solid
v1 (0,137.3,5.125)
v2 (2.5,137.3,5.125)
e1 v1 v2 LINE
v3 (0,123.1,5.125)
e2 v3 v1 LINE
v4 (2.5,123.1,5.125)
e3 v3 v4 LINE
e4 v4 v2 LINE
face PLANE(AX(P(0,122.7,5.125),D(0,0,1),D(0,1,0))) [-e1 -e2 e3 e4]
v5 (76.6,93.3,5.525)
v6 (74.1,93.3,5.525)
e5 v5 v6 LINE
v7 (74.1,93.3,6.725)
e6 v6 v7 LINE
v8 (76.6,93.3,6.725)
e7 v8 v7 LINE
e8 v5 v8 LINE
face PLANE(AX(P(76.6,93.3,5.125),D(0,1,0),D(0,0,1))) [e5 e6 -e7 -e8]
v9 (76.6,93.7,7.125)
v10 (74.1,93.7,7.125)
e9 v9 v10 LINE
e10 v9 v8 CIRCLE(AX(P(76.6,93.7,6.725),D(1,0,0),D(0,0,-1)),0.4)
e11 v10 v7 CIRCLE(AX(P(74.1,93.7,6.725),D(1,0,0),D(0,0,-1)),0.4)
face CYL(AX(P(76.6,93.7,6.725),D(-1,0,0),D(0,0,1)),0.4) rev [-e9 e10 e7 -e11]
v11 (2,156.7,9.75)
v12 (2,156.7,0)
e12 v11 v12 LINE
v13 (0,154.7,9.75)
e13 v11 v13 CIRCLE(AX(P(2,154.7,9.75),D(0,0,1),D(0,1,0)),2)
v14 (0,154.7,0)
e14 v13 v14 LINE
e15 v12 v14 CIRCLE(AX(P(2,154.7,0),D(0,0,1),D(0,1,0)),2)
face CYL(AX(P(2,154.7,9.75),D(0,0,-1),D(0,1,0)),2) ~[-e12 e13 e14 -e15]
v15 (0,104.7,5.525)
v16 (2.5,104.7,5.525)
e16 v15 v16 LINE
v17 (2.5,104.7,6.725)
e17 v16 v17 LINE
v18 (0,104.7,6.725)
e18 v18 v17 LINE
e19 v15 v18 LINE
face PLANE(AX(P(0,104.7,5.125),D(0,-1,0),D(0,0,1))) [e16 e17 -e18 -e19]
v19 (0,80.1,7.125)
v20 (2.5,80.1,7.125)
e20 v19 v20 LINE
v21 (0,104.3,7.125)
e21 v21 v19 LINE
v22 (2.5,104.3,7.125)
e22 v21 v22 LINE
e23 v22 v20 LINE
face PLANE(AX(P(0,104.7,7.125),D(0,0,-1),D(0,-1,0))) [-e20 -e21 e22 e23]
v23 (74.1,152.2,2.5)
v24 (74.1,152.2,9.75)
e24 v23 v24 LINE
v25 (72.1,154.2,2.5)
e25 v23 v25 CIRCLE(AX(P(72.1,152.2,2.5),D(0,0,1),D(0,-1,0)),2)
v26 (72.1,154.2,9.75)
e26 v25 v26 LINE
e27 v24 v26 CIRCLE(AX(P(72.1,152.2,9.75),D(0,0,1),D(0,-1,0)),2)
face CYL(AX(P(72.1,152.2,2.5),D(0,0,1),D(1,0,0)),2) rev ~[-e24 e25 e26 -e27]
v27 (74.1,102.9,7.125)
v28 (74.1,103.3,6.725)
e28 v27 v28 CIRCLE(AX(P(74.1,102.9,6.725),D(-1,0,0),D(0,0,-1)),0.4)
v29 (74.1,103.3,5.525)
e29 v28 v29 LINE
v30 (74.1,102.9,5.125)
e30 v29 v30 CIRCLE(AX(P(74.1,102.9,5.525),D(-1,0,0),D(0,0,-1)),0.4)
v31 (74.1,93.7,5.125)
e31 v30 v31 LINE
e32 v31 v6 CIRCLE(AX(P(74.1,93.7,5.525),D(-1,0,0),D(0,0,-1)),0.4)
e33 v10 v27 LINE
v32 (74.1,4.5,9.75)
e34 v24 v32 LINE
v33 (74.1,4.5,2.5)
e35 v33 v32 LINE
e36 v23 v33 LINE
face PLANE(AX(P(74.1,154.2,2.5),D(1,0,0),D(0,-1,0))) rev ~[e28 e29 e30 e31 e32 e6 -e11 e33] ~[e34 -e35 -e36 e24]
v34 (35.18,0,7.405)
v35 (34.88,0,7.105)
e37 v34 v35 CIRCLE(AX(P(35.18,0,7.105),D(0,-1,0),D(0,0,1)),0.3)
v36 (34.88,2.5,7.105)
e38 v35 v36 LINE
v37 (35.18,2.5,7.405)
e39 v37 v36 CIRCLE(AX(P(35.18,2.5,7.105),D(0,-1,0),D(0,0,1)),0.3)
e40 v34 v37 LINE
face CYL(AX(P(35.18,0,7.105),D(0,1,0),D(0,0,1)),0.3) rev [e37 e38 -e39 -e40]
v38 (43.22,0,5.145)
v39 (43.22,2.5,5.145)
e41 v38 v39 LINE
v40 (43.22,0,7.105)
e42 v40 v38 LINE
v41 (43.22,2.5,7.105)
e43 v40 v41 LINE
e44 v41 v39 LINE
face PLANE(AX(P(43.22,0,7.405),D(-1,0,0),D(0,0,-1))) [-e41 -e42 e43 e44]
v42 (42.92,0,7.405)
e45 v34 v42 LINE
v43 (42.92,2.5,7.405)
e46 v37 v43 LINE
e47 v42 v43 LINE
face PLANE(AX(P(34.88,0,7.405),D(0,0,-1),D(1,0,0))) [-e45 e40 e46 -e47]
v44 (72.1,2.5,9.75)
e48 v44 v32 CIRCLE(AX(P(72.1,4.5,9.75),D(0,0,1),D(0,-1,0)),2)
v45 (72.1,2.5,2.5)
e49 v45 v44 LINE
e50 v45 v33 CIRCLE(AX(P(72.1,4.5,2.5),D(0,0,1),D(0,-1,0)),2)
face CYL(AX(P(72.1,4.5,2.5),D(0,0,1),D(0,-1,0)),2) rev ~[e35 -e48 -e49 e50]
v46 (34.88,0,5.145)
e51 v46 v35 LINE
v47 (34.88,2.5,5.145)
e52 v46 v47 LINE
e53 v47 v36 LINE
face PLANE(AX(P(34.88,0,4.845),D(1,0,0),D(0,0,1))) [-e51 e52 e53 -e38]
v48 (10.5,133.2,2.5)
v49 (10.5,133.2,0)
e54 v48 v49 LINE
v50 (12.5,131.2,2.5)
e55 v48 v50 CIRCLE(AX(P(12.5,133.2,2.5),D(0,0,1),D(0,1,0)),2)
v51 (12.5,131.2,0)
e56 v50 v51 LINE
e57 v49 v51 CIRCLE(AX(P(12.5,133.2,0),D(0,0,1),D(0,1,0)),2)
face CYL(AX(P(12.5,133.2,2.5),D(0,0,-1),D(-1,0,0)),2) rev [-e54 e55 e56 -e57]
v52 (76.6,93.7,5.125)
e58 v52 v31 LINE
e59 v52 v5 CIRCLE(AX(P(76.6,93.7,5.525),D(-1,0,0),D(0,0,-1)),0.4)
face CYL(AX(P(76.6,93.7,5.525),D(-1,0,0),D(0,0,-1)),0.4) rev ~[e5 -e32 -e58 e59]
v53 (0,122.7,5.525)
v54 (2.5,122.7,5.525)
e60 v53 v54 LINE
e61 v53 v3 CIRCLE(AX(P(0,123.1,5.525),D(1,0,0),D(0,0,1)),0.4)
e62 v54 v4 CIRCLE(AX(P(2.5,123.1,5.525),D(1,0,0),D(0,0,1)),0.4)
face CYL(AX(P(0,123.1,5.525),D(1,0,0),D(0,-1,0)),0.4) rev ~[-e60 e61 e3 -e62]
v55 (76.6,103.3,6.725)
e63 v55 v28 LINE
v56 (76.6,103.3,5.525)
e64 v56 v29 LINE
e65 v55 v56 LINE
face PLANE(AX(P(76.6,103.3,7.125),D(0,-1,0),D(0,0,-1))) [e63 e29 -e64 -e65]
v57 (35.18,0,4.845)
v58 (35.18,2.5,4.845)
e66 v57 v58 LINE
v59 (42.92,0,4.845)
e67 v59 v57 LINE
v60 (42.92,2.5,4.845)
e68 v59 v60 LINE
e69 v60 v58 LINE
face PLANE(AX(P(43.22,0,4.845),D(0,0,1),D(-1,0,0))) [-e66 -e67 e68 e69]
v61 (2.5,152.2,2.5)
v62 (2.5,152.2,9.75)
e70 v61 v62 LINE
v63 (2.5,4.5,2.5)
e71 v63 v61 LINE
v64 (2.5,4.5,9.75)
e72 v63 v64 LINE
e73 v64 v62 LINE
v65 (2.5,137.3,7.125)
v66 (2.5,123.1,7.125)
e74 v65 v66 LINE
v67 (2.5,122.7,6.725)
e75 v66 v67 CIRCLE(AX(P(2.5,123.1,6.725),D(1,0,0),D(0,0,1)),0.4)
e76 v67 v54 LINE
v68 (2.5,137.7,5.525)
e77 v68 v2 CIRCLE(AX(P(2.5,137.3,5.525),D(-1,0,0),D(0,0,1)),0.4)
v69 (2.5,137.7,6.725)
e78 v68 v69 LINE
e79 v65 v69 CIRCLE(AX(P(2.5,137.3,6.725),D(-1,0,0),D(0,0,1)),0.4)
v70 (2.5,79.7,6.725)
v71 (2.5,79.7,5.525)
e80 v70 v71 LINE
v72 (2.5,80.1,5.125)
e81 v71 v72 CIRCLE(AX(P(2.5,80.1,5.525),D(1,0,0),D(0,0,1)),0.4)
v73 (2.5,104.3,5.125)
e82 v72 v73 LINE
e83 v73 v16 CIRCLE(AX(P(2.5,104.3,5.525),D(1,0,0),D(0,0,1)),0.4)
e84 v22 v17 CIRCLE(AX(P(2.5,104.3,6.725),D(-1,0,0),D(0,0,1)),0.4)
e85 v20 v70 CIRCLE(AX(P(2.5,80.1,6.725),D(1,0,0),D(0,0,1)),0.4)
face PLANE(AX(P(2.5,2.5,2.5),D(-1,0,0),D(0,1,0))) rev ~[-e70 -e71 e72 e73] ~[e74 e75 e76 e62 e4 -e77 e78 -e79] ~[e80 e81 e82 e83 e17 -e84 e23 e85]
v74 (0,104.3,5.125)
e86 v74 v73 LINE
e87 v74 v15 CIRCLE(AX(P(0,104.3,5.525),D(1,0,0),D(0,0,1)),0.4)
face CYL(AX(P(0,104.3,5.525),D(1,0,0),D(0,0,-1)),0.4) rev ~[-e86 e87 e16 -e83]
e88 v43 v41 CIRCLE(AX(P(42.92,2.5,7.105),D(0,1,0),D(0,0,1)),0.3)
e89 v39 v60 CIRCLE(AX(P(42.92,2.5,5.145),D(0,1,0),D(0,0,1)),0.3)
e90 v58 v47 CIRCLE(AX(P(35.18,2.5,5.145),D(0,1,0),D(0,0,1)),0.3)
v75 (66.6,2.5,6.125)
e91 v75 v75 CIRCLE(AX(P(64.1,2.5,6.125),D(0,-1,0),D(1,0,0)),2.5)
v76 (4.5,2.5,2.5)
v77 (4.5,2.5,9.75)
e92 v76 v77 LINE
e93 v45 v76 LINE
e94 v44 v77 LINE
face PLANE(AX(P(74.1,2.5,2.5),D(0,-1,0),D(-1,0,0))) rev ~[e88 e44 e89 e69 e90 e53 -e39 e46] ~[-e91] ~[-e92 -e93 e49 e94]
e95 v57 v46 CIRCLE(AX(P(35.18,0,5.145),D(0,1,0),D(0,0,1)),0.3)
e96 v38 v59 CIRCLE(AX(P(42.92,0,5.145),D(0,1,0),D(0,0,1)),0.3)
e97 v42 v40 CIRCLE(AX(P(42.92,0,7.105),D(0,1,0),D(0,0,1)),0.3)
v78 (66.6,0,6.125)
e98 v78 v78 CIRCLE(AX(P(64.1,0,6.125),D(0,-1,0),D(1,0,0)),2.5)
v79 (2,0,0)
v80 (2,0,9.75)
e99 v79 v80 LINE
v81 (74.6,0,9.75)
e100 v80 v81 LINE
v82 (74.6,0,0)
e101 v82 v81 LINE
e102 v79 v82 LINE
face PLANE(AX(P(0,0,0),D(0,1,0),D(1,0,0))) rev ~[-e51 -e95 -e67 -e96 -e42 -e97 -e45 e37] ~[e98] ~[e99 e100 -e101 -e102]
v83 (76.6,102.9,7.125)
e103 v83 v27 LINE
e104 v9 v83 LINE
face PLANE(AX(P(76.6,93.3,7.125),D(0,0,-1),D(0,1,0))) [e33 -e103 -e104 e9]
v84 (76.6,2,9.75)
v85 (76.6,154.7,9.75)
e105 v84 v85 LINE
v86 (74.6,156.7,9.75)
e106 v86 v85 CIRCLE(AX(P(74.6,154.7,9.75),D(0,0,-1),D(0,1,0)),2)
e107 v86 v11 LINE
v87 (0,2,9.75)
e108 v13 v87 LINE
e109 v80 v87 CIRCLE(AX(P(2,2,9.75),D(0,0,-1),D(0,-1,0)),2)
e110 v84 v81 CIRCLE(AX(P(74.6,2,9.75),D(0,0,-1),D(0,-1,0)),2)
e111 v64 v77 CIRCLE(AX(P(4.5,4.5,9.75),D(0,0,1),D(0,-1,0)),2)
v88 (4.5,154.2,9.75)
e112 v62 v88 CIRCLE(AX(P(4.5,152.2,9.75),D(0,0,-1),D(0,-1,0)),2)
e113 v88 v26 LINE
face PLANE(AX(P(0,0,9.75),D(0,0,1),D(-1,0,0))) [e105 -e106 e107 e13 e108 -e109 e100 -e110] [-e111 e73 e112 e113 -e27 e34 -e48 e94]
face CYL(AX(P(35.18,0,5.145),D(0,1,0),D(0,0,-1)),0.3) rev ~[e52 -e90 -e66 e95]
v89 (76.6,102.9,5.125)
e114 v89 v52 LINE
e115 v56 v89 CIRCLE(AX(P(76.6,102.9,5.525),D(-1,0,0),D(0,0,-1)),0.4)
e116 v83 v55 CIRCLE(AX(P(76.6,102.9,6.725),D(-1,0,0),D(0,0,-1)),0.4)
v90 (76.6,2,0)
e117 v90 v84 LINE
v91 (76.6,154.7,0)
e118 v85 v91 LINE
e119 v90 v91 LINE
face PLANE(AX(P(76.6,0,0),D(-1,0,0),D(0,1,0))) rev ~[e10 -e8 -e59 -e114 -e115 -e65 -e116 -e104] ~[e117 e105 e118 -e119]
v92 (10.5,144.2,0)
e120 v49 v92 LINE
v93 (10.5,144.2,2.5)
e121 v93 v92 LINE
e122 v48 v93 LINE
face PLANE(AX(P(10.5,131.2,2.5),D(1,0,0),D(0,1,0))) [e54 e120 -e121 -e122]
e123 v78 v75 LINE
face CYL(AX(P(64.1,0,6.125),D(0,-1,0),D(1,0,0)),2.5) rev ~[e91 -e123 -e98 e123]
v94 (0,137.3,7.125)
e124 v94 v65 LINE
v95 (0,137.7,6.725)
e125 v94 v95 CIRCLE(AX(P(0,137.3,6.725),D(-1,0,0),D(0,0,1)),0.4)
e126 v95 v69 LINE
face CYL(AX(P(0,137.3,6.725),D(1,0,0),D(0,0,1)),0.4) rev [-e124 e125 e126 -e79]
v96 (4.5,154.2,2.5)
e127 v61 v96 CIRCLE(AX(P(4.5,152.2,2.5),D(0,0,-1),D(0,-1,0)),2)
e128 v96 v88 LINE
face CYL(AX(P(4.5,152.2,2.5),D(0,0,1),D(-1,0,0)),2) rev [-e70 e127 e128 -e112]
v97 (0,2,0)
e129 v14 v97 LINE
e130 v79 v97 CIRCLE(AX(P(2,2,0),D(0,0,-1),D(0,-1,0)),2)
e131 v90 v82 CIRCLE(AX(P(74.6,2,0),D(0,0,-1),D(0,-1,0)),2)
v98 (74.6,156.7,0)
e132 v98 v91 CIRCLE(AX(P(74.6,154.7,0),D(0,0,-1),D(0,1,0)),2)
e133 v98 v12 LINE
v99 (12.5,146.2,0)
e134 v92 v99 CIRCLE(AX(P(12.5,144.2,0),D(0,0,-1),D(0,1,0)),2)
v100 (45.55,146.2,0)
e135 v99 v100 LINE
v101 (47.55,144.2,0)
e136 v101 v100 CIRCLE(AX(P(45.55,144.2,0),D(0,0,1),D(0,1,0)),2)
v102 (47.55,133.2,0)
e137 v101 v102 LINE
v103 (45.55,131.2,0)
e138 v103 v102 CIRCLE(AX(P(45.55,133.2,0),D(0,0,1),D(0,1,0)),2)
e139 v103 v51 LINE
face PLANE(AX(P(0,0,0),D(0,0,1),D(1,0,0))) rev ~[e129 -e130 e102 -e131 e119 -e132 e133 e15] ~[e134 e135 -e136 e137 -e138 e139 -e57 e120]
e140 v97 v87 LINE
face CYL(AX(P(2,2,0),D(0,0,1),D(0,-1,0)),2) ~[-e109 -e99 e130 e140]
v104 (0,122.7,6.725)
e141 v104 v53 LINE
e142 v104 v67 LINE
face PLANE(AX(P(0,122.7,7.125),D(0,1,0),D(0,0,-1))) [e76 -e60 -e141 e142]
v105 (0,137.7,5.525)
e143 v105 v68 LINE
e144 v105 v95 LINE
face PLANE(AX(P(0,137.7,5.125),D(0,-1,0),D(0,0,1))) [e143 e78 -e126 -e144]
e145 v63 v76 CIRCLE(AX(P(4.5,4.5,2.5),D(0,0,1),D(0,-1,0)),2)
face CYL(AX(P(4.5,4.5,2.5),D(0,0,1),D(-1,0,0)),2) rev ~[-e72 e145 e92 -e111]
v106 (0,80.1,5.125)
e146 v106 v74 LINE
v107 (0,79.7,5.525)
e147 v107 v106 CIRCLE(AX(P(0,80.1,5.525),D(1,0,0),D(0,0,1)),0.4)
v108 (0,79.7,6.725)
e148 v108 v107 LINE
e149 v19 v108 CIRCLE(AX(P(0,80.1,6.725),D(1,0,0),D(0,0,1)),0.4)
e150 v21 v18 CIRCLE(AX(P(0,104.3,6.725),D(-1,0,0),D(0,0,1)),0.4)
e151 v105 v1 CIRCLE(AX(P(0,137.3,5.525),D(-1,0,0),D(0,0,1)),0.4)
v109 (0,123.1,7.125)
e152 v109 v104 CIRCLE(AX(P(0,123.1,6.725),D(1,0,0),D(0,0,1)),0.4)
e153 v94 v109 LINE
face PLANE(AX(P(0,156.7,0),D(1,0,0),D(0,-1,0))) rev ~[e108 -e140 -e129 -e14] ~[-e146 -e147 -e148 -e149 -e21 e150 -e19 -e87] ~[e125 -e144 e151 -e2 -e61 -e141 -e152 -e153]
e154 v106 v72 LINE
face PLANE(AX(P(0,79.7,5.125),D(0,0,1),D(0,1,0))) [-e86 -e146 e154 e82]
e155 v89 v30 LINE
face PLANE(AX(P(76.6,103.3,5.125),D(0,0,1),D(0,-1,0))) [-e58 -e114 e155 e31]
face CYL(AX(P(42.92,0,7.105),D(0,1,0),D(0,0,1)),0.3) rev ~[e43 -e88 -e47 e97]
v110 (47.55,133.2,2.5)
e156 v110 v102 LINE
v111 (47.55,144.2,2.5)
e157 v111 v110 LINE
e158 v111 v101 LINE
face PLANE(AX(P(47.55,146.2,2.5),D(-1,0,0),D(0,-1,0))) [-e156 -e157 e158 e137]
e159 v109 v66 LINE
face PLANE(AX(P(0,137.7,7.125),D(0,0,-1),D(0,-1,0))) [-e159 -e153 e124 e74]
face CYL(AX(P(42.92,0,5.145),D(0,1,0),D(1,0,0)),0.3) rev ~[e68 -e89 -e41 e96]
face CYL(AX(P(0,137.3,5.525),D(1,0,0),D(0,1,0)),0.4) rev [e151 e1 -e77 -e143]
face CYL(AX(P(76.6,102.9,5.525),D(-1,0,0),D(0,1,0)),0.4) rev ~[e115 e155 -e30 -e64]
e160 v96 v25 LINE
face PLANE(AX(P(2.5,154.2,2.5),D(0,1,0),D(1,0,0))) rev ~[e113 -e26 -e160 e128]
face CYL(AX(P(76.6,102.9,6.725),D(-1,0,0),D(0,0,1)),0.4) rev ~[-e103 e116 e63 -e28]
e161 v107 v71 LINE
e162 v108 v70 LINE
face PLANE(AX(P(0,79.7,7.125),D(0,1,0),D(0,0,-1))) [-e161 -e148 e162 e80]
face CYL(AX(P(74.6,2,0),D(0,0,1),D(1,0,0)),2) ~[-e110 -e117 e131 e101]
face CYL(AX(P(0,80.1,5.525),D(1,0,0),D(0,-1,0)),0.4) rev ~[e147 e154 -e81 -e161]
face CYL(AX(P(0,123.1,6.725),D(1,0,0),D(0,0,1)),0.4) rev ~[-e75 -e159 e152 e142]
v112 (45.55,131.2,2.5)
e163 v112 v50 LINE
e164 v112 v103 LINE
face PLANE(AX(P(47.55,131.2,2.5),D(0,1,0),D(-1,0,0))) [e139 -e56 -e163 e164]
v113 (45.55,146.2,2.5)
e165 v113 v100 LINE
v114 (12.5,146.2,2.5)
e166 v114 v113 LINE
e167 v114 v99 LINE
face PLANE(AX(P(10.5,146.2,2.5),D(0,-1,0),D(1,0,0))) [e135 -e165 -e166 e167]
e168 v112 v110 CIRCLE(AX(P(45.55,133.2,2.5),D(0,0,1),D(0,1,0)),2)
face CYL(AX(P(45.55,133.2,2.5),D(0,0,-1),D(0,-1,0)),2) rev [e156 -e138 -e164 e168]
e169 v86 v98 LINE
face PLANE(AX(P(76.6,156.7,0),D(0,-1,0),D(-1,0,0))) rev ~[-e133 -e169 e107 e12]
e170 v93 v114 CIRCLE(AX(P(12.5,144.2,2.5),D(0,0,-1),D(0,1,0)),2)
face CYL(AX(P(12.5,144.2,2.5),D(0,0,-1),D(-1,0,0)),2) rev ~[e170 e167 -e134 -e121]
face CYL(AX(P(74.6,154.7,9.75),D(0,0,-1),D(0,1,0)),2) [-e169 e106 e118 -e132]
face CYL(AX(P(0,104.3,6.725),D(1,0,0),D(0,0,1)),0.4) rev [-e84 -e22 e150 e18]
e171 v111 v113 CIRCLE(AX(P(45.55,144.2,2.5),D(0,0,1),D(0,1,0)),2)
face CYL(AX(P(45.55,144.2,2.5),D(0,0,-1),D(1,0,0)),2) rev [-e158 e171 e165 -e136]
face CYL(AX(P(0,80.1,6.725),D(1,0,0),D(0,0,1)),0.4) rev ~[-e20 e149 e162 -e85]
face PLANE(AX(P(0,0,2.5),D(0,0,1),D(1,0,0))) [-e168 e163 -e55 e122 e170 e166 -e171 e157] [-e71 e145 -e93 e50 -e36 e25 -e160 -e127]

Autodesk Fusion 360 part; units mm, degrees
sketch "Sketch1" plane through (0, 0, 0) normal (0, 0, 1) x (1, 0, 0)
  line L0 (0, 0) -> (76.6, 0)
  line L1 (76.6, 0) -> (76.6, 156.7)
  line L2 (76.6, 156.7) -> (0, 156.7)
  line L3 (0, 156.7) -> (0, 0)
  dimension "d5" = 76.6
  dimension "d6" = 156.7
extrude "Extrude1" add sketch "Sketch1" along normal blind 2.5
sketch "Sketch2" plane through (0, 0, 2.5) normal (0, 0, 1) x (-1, 0, 0)
  line L0 (0, -156.7) -> (0, 0)
  line L1 (0, 0) -> (-76.6, 0)
  line L2 (-76.6, 0) -> (-76.6, -156.7)
  line L3 (-76.6, -156.7) -> (0, -156.7)
  line L4 (-2.5, -154.2) -> (-74.1, -154.2)
  line L5 (-74.1, -154.2) -> (-74.1, -2.5)
  line L6 (-74.1, -2.5) -> (-2.5, -2.5)
  line L7 (-2.5, -2.5) -> (-2.5, -154.2)
  dimension "d13" = 2.5
  dimension "d14" = 2.5
  dimension "d15" = 2.5
  dimension "d16" = 2.5
extrude "Extrude2" add sketch "Sketch2" along normal blind 7.25
fillet "Fillet1" radius 2 4 edges at (74.1, 154.2, 6.125) (2.5, 154.2, 6.125) (74.1, 2.5, 6.125) (2.5, 2.5, 6.125)
fillet "Fillet2" radius 2 4 edges at (0, 0, 4.875) (0, 156.7, 4.875) (76.6, 0, 4.875) (76.6, 156.7, 4.875)
sketch "Sketch3" plane through (0, 0, 2.5) normal (0, 0, 1) x (-1, 0, 0)
  arc A0 (-2.5, -4.5) -> (-4.5, -2.5) centre (-4.5, -4.5) ccw
  line L0 (-4.5, -2.5) -> (-72.1, -2.5)
  arc A1 (-72.1, -2.5) -> (-74.1, -4.5) centre (-72.1, -4.5) ccw
  line L1 (-74.1, -4.5) -> (-74.1, -152.2)
  arc A2 (-74.1, -152.2) -> (-72.1, -154.2) centre (-72.1, -152.2) ccw
  line L2 (-72.1, -154.2) -> (-4.5, -154.2)
  arc A3 (-4.5, -154.2) -> (-2.5, -152.2) centre (-4.5, -152.2) ccw
  line L3 (-2.5, -152.2) -> (-2.5, -4.5)
  line L4 (-10.5, -146.2) -> (-47.55, -146.2)
  line L5 (-47.55, -146.2) -> (-47.55, -131.2)
  line L6 (-47.55, -131.2) -> (-10.5, -131.2)
  line L7 (-10.5, -131.2) -> (-10.5, -146.2)
  dimension "d28" = 37.05
  dimension "d29" = 15
  dimension "d30" = 37.05
  dimension "d31" = 8
  dimension "d32" = 8
extrude "Extrude3" cut sketch "Sketch3" against normal blind 10 contours L4 L5 L6 L7
fillet "Fillet3" radius 2 4 edges at (10.5, 146.2, 1.25) (47.55, 146.2, 1.25) (47.55, 131.2, 1.25) (10.5, 131.2, 1.25)
sketch "Sketch4" plane through (0, 0, 0) normal (0, -1, 0) x (1, 0, 0)
  line L0 (74.6, 0) -> (74.6, 9.75)
  line L1 (74.6, 9.75) -> (2, 9.75)
  line L2 (2, 9.75) -> (2, 0)
  line L3 (2, 0) -> (74.6, 0)
  line L4 (34.88, 7.405) -> (43.22, 7.405)
  line L5 (43.22, 7.405) -> (43.22, 4.845)
  line L6 (43.22, 4.845) -> (34.88, 4.845)
  line L7 (34.88, 4.845) -> (34.88, 7.405)
  dimension "d39" = 8.34
  dimension "d40" = 2.56
  dimension "d41" = 32.88
  dimension "d42" = 2.345
extrude "Extrude4" cut sketch "Sketch4" against normal blind 7 contours L4 L5 L6 L7
fillet "Fillet4" radius 0.3 4 edges at (43.22, 1.25, 7.405) (34.88, 1.25, 7.405) (34.88, 1.25, 4.845) (43.22, 1.25, 4.845)
sketch "Sketch5" plane through (0, 0, 0) normal (0, -1, 0) x (1, 0, 0)
  line L0 (43.22, 7.105) -> (43.22, 5.145)
  arc A0 (42.92, 4.845) -> (43.22, 5.145) centre (42.92, 5.145) ccw
  line L1 (42.92, 4.845) -> (35.18, 4.845)
  arc A1 (34.88, 5.145) -> (35.18, 4.845) centre (35.18, 5.145) ccw
  line L2 (34.88, 5.145) -> (34.88, 7.105)
  arc A2 (35.18, 7.405) -> (34.88, 7.105) centre (35.18, 7.105) ccw
  line L3 (35.18, 7.405) -> (42.92, 7.405)
  arc A3 (43.22, 7.105) -> (42.92, 7.405) centre (42.92, 7.105) ccw
  line L4 (74.6, 0) -> (74.6, 9.75)
  line L5 (74.6, 9.75) -> (2, 9.75)
  line L6 (2, 9.75) -> (2, 0)
  line L7 (2, 0) -> (74.6, 0)
  circle A4 centre (64.1, 6.125) radius 2.5
  dimension "d50" = 5
  dimension "d51" = 10.5
  dimension "d52" = 3.625
extrude "Extrude5" cut sketch "Sketch5" against normal blind 6 contours A4
sketch "Sketch6" plane through (76.6, 0, 0) normal (1, 0, 0) x (0, 1, 0)
  line L0 (154.7, 0) -> (154.7, 9.75)
  line L1 (154.7, 9.75) -> (2, 9.75)
  line L2 (2, 9.75) -> (2, 0)
  line L3 (2, 0) -> (154.7, 0)
  line L4 (93.3, 7.125) -> (103.3, 7.125)
  line L5 (103.3, 7.125) -> (103.3, 5.125)
  line L6 (103.3, 5.125) -> (93.3, 5.125)
  line L7 (93.3, 5.125) -> (93.3, 7.125)
  dimension "d58" = 10
  dimension "d59" = 2
  dimension "d60" = 51.4
  dimension "d61" = 2.625
extrude "Extrude6" cut sketch "Sketch6" against normal blind 4 contours L4 L5 L6 L7
sketch "Sketch7" plane through (0, 0, 0) normal (-1, 0, 0) x (0, -1, 0)
  line L0 (-154.7, 9.75) -> (-154.7, 0)
  line L1 (-154.7, 0) -> (-2, 0)
  line L2 (-2, 0) -> (-2, 9.75)
  line L3 (-2, 9.75) -> (-154.7, 9.75)
  line L4 (-137.7, 7.125) -> (-122.7, 7.125)
  line L5 (-122.7, 7.125) -> (-122.7, 5.125)
  line L6 (-122.7, 5.125) -> (-137.7, 5.125)
  line L7 (-137.7, 5.125) -> (-137.7, 7.125)
  dimension "d70" = 15
  dimension "d71" = 2
  dimension "d72" = 17
  dimension "d73" = 2.625
extrude "Extrude7" cut sketch "Sketch7" against normal blind 7 contours L4 L5 L6 L7
sketch "Sketch8" plane through (0, 0, 0) normal (-1, 0, 0) x (0, -1, 0)
  line L0 (-122.7, 7.125) -> (-122.7, 5.125)
  line L1 (-122.7, 5.125) -> (-137.7, 5.125)
  line L2 (-137.7, 5.125) -> (-137.7, 7.125)
  line L3 (-137.7, 7.125) -> (-122.7, 7.125)
  line L4 (-154.7, 9.75) -> (-154.7, 0)
  line L5 (-154.7, 0) -> (-2, 0)
  line L6 (-2, 0) -> (-2, 9.75)
  line L7 (-2, 9.75) -> (-154.7, 9.75)
  line L8 (-104.7, 7.125) -> (-79.7, 7.125)
  line L9 (-79.7, 7.125) -> (-79.7, 5.125)
  line L10 (-79.7, 5.125) -> (-104.7, 5.125)
  line L11 (-104.7, 5.125) -> (-104.7, 7.125)
  dimension "d76" = 25
  dimension "d77" = 2
  dimension "d78" = 18
  dimension "d79" = 2.625
extrude "Extrude8" cut sketch "Sketch8" against normal blind 5 contours L8 L9 L10 L11
fillet "Fillet5" radius 0.4 4 edges at (1.25, 122.7, 7.125) (1.25, 122.7, 5.125) (1.25, 137.7, 5.125) (1.25, 137.7, 7.125)
fillet "Fillet6" radius 0.4 4 edges at (1.25, 104.7, 7.125) (1.25, 104.7, 5.125) (1.25, 79.7, 7.125) (1.25, 79.7, 5.125)
fillet "Fillet7" radius 0.4 4 edges at (75.35, 93.3, 5.125) (75.35, 103.3, 7.125) (75.35, 103.3, 5.125) (75.35, 93.3, 7.125)
equation "phone_height = 154.2 mm"
equation "phone_width = 74.1 mm"
equation "phone_depth = 7.25 mm"
equation "case_depth = 2.5 mm"
equation "d5 = phone_width + case_depth"
equation "d6 = phone_height + case_depth"
equation "d11 = case_depth"
equation "d13 = case_depth"
equation "d14 = case_depth"
equation "d15 = case_depth"
equation "d16 = case_depth"
equation "d17 = phone_depth"
equation "fillet_amount = 2 mm"
equation "d21 = fillet_amount"
equation "d23 = fillet_amount"
equation "camera_margin_top = 8 mm"
equation "camera_margin_left = 8 mm"
equation "camera_height = 15 mm"
equation "camera_width = phone_width * 0.5"
equation "d28 = camera_width"
equation "d29 = camera_height"
equation "d31 = camera_margin_left"
equation "d32 = camera_margin_top"
equation "d36 = fillet_amount"
equation "usbc_width = 8.34 mm"
equation "usbc_height = 2.56 mm"
equation "d39 = usbc_width"
equation "d40 = usbc_height"
equation "d41 = ( phone_width / 2 ) - ( usbc_width / 2 )"
equation "d42 = ( phone_depth / 2 ) - ( usbc_height / 2 )"
equation "d46 = usb_c_fillet"
equation "usb_c_fillet = 0.3 mm"
equation "aux_diameter = 5 mm"
equation "aux_margin_right = 8 mm"
equation "d50 = aux_diameter"
equation "d51 = aux_margin_right + ( aux_diameter / 2 )"
equation "d52 = phone_depth / 2"
equation "sidebutton_width = 10 mm"
equation "sidebutton_height = 2 mm"
equation "sidebutton_margin_right = phone_height / 3"
equation "d58 = sidebutton_width"
equation "d59 = sidebutton_height"
equation "d60 = sidebutton_margin_right"
equation "d61 = ( phone_depth / 2 ) - ( sidebutton_height / 2 )"
equation "volume_width = 25 mm"
equation "volume_height = 2 mm"
equation "sliderbutton_width = 15 mm"
equation "sliderbutton_height = 2 mm"
equation "sliderbutton_margin_left = 17 mm"
equation "volumebutton_distance_to_sliderbutton = 18 mm"
equation "d70 = sliderbutton_width"
equation "d71 = sliderbutton_height"
equation "d72 = sliderbutton_margin_left"
equation "d73 = ( phone_depth / 2 ) - ( sliderbutton_height / 2 )"
equation "d76 = volume_width"
equation "d77 = volume_height"
equation "d78 = volumebutton_distance_to_sliderbutton"
equation "d79 = ( phone_depth / 2 ) - ( volume_height / 2 )"
equation "button_fillet = 0.4 mm"
equation "d84 = button_fillet"
equation "d86 = button_fillet"
equation "d88 = button_fillet"
